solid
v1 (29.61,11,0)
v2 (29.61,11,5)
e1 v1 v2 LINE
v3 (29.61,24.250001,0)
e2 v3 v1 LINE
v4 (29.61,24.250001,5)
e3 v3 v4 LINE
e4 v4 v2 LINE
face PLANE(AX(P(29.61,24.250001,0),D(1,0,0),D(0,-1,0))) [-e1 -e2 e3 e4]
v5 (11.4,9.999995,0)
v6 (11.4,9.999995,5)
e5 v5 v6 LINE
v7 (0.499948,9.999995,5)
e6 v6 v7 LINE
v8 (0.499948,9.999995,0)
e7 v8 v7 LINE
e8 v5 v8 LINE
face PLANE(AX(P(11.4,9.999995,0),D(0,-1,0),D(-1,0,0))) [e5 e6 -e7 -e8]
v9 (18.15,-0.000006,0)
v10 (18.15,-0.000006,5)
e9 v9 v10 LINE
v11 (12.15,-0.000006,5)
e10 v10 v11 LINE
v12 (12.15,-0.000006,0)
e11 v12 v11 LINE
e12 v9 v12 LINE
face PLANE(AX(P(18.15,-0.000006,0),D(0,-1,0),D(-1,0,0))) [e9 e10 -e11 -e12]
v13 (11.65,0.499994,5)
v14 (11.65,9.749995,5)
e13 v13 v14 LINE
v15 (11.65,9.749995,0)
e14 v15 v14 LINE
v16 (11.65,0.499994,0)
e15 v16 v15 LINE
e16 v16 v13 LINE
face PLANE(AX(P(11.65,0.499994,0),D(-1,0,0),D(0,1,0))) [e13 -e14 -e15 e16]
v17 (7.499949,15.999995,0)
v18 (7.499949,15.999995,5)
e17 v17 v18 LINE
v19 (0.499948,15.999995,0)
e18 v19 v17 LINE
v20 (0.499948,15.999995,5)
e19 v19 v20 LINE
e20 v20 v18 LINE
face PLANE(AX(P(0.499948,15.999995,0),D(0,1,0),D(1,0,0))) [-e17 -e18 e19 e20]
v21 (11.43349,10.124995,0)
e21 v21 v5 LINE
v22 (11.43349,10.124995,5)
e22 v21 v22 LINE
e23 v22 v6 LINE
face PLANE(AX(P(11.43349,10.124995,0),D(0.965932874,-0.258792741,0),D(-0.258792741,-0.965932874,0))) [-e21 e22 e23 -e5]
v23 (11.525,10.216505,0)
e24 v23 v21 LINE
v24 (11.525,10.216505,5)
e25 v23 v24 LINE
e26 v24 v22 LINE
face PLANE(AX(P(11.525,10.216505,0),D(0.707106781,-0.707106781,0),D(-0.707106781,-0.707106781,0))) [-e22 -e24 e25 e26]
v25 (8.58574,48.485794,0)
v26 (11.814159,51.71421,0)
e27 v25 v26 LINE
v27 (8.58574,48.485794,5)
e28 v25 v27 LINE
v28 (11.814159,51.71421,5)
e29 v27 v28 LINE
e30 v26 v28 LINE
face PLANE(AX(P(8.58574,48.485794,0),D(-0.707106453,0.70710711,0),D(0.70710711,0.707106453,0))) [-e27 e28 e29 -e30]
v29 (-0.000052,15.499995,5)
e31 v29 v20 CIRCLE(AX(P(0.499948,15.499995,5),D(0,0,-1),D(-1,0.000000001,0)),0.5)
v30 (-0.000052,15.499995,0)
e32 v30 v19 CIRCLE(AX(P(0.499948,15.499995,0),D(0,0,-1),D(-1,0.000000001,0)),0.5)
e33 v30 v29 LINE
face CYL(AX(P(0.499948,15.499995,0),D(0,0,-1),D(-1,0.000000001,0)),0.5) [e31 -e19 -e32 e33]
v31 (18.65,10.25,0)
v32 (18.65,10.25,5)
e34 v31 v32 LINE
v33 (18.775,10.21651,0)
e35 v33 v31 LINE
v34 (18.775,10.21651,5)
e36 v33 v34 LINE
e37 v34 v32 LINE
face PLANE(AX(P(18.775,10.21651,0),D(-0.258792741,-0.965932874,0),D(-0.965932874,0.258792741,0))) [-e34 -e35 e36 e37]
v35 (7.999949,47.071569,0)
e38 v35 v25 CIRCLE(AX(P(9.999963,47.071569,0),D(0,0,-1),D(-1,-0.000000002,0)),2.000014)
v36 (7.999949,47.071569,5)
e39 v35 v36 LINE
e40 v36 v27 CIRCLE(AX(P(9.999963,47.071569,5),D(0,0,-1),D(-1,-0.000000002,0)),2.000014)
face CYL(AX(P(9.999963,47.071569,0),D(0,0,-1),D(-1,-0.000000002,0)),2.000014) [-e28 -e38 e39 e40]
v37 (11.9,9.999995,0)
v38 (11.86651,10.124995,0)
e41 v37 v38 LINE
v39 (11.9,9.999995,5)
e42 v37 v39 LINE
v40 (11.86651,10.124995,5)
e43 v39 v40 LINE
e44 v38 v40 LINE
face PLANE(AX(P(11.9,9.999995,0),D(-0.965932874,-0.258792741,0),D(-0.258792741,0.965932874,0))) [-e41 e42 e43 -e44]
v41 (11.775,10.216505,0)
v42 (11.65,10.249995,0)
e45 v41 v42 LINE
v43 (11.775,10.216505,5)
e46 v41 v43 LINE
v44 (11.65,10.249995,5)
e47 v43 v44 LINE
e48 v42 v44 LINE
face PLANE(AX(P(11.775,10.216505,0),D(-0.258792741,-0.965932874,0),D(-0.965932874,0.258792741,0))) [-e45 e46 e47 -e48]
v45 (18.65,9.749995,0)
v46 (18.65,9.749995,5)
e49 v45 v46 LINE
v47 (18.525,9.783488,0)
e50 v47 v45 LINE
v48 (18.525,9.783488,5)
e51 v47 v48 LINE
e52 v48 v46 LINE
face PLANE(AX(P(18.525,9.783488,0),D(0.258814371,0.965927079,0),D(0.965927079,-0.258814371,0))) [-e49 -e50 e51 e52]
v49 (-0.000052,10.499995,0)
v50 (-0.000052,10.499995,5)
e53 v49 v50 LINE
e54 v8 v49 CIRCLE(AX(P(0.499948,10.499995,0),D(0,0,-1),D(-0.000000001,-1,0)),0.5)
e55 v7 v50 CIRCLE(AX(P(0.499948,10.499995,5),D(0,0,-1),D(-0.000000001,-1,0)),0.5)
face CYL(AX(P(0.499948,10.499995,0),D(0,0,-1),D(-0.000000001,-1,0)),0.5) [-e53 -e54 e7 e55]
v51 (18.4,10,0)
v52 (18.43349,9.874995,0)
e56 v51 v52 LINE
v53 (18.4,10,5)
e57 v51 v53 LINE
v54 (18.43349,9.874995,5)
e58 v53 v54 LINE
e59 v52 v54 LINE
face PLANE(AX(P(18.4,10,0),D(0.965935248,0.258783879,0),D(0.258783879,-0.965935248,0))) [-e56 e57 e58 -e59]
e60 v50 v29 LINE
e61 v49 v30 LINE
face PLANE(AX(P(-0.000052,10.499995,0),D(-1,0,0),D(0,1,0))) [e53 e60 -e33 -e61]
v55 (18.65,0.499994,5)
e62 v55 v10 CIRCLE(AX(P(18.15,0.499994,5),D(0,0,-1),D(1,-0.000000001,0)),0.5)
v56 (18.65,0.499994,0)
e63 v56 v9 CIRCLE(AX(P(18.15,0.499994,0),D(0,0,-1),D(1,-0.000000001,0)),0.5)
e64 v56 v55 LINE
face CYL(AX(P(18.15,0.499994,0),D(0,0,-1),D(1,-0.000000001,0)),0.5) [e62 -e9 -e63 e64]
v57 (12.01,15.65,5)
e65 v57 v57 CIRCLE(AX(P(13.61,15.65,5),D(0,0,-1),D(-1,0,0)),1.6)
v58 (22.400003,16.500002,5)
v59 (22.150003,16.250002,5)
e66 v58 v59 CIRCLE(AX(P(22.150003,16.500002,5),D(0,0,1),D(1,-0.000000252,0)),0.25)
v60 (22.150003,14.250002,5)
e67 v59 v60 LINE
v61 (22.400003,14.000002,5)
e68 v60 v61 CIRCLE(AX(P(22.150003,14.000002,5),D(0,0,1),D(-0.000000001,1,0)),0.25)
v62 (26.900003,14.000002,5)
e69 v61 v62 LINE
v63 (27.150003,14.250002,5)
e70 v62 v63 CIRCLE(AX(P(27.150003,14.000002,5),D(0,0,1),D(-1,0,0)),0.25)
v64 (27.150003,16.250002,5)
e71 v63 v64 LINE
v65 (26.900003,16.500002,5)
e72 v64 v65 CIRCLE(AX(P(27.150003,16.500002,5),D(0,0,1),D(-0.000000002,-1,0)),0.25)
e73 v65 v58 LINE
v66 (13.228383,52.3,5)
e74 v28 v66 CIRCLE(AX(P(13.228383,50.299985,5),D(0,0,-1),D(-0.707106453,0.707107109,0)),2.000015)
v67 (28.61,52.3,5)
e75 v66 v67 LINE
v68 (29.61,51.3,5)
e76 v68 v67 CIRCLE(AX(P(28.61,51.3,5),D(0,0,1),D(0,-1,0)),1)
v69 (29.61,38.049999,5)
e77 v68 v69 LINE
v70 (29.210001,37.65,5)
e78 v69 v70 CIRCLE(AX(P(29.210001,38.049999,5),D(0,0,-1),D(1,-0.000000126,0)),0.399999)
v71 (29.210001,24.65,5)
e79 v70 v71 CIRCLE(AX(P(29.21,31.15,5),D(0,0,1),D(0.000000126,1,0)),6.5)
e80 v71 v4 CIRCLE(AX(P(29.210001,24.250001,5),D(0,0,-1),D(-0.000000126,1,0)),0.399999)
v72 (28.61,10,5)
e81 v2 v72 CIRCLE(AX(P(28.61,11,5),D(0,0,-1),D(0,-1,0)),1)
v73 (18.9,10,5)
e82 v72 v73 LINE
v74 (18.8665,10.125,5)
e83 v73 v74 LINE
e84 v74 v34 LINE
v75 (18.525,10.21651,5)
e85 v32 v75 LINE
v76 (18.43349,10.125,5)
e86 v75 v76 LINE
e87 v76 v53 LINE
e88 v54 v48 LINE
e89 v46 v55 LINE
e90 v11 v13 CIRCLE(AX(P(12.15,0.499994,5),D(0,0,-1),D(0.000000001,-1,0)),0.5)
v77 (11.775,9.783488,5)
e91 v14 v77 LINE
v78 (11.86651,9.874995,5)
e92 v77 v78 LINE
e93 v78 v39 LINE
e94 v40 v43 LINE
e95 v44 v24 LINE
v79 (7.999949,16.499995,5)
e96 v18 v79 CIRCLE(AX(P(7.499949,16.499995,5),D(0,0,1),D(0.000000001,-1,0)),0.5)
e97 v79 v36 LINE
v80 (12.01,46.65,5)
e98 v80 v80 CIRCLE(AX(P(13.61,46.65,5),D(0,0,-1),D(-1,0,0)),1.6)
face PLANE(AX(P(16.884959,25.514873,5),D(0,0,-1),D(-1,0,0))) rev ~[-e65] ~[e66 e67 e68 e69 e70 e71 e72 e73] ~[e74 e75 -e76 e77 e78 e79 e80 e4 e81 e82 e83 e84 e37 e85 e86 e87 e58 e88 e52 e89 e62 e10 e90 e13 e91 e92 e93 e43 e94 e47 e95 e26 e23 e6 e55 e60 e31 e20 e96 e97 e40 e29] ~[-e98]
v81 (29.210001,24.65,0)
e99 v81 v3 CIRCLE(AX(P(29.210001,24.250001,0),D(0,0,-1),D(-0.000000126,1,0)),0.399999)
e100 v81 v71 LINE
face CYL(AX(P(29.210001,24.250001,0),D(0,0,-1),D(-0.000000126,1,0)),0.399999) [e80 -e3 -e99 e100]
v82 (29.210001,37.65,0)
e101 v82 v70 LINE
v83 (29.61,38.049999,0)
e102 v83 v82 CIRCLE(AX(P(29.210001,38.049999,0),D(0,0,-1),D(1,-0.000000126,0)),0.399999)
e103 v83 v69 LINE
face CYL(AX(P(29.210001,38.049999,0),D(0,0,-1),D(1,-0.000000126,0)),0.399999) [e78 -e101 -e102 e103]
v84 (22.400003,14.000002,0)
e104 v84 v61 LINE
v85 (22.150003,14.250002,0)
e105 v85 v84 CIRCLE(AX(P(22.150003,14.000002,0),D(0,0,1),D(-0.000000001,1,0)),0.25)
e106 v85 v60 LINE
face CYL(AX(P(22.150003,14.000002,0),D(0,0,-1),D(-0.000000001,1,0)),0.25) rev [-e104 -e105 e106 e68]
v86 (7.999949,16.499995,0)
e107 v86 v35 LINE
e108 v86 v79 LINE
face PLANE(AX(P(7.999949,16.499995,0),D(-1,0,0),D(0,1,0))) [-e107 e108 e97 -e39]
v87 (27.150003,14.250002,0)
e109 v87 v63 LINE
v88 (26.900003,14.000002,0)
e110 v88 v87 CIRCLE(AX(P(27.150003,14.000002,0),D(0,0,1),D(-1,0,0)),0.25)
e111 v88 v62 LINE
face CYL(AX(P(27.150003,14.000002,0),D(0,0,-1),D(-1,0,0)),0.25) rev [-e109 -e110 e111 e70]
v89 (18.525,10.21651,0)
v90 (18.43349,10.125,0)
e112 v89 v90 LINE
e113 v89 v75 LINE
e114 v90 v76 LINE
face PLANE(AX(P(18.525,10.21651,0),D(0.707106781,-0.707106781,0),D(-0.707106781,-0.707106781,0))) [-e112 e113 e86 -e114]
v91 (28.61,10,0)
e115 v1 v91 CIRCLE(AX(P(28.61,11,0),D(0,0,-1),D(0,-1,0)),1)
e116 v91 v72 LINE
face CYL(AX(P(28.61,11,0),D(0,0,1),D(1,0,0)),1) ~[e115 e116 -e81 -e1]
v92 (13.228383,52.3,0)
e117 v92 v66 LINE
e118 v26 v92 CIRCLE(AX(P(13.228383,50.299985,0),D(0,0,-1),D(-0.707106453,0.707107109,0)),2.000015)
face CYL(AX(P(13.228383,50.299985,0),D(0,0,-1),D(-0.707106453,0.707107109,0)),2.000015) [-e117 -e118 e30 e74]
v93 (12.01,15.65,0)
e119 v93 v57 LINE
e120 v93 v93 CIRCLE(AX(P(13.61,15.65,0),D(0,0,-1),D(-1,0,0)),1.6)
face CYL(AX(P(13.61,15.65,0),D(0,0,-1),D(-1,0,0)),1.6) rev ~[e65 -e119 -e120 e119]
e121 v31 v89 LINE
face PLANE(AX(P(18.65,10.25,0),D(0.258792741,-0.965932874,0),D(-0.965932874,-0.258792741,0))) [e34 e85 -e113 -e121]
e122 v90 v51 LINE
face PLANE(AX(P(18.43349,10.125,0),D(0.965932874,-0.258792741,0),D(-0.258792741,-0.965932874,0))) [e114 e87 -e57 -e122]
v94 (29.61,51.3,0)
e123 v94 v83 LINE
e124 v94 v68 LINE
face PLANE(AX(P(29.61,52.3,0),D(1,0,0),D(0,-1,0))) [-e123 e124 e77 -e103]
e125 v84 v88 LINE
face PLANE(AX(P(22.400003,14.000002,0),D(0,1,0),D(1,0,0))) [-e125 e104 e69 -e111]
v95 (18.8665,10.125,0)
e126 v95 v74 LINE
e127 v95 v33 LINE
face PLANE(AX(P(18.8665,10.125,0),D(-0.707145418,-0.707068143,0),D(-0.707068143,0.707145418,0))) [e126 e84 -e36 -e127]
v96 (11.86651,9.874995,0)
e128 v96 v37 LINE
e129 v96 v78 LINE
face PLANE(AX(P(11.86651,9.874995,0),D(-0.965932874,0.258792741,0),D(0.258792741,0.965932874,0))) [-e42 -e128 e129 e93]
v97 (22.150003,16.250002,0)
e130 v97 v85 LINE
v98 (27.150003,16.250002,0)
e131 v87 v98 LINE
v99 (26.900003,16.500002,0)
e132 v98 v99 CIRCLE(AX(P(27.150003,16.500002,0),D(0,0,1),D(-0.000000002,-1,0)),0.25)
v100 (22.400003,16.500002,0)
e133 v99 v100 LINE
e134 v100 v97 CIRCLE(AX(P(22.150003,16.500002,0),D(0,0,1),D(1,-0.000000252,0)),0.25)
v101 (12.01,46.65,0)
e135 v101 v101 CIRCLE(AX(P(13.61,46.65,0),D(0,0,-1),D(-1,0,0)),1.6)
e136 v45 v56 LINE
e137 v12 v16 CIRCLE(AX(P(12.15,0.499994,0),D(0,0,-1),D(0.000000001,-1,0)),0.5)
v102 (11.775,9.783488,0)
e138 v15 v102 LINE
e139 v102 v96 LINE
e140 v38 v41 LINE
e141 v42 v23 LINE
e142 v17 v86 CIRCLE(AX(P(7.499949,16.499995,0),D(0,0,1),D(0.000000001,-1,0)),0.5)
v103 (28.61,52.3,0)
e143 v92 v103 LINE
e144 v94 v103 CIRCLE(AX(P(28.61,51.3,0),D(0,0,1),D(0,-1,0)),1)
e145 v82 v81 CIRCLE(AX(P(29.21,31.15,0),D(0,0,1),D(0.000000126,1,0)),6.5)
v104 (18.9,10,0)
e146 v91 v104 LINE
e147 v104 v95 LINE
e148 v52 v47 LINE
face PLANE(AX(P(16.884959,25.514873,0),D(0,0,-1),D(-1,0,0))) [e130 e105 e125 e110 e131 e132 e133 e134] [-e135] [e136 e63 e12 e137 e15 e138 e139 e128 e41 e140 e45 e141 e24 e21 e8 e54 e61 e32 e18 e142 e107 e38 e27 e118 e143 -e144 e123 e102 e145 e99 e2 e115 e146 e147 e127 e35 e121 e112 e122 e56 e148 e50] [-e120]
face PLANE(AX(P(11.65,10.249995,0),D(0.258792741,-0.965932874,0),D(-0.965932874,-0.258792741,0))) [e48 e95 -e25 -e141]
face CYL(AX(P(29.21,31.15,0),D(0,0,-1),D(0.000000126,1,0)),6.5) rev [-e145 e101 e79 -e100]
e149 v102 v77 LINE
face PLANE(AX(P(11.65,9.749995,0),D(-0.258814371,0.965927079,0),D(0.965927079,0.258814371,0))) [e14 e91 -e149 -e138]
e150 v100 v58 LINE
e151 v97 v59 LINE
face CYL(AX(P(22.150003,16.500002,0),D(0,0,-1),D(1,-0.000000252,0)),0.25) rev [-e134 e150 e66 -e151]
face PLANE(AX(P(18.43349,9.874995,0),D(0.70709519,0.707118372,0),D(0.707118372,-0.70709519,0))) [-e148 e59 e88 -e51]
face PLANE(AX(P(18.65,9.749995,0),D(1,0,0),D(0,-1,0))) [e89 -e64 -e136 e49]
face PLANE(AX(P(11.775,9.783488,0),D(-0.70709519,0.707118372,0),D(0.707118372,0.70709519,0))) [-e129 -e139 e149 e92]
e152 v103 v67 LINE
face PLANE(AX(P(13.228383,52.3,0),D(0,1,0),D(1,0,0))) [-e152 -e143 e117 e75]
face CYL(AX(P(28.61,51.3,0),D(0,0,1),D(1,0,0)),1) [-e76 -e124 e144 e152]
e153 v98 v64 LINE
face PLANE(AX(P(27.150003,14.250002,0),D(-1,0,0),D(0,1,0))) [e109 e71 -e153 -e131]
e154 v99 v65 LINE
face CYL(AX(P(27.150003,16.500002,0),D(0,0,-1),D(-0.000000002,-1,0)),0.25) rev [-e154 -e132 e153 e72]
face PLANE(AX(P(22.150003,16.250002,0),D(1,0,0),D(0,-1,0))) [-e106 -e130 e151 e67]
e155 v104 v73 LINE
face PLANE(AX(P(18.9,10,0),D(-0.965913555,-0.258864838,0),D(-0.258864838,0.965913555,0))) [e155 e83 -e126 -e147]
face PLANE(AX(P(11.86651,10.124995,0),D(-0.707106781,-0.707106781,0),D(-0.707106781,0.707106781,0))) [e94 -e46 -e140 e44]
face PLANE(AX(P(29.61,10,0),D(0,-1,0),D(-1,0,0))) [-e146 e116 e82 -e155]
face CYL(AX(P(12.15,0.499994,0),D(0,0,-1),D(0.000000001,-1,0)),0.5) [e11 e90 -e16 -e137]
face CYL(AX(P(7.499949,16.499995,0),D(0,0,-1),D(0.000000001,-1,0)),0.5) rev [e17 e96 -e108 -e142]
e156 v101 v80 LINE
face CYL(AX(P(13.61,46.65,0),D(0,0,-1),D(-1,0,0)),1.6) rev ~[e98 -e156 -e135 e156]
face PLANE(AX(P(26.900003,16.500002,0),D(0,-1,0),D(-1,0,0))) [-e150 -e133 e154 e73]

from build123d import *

# Parameters (mm, degrees)
ESQUISSE1_R        = 1.6
BOSS_EXTRU_1_DEPTH = 5
CONG_1_R           = 1


with BuildPart() as part:
    # Esquisse1 → Boss.-Extru.1 (new body)
    with BuildSketch(Plane(origin=(0, 0, 0), x_dir=(-1, 0, 0), z_dir=(0, 0, -1))):
        with BuildLine():
            Line((-29.61, 24.250000923), (-29.61, 10))
            Line((-29.61, 10), (-18.900000032, 10))
            Line((-18.900000032, 10), (-18.866500027, 10.125000016))
            Line((-18.866500027, 10.125000016), (-18.775000016, 10.216510027))
            Line((-18.775000016, 10.216510027), (-18.65, 10.250000032))
            Line((-18.65, 10.250000032), (-18.524999984, 10.216510027))
            Line((-18.524999984, 10.216510027), (-18.433489973, 10.125000016))
            Line((-18.433489973, 10.125000016), (-18.399999968, 10))
            Line((-18.399999968, 10), (-18.433489973, 9.874995396))
            Line((-18.433489973, 9.874995396), (-18.524999984, 9.783488385))
            Line((-18.524999984, 9.783488385), (-18.65, 9.74999538))
            Line((-18.65, 9.74999538), (-18.65, 0.499994211))
            ThreePointArc((-18.65, 0.499994211), (-18.503553372, 0.146440776), (-18.149999937, -5.852e-06))
            Line((-18.149999937, -5.852e-06), (-12.150000163, -5.852e-06))
            ThreePointArc((-12.150000163, -5.852e-06), (-11.796446657, 0.146440805), (-11.65, 0.499994311))
            Line((-11.65, 0.499994311), (-11.65, 9.74999538))
            Line((-11.65, 9.74999538), (-11.775000016, 9.783488385))
            Line((-11.775000016, 9.783488385), (-11.866510027, 9.874995396))
            Line((-11.866510027, 9.874995396), (-11.900000032, 9.999995412))
            Line((-11.900000032, 9.999995412), (-11.866510027, 10.124995428))
            Line((-11.866510027, 10.124995428), (-11.775000016, 10.216505439))
            Line((-11.775000016, 10.216505439), (-11.65, 10.249995444))
            Line((-11.65, 10.249995444), (-11.524999984, 10.216505439))
            Line((-11.524999984, 10.216505439), (-11.433489973, 10.124995428))
            Line((-11.433489973, 10.124995428), (-11.399999968, 9.999995412))
            Line((-11.399999968, 9.999995412), (-0.499947825, 9.999995412))
            ThreePointArc((-0.499947825, 9.999995412), (-0.14639439, 10.14644204), (5.2238e-05, 10.499995475))
            Line((5.2238e-05, 10.499995475), (5.2238e-05, 15.499995349))
            ThreePointArc((5.2238e-05, 15.499995349), (-0.14639439, 15.853548784), (-0.499947825, 15.999995412))
            Line((-0.499947825, 15.999995412), (-7.49994871, 15.999995412))
            ThreePointArc((-7.49994871, 15.999995412), (-7.853502145, 16.14644204), (-7.999948773, 16.499995475))
            Line((-7.999948773, 16.499995475), (-7.999948773, 47.071569339))
            ThreePointArc((-7.999948773, 47.071569339), (-8.152190984, 47.836942158), (-8.585740096, 48.485793767))
            Line((-8.585740096, 48.485793767), (-11.814159255, 51.714209926))
            ThreePointArc((-11.814159255, 51.714209926), (-12.46301048, 52.147758127), (-13.228382526, 52.3))
            Line((-13.228382526, 52.3), (-29.61, 52.3))
            Line((-29.61, 52.3), (-29.61, 38.049999077))
            ThreePointArc((-29.61, 38.049999077), (-29.492842932, 37.767156996), (-29.210000822, 37.65))
            ThreePointArc((-29.210000822, 37.65), (-22.71, 31.15), (-29.210000822, 24.65))
            ThreePointArc((-29.210000822, 24.65), (-29.492842932, 24.532843004), (-29.61, 24.250000923))
        make_face()
        with Locations((-13.61, 46.65)):
            Circle(ESQUISSE1_R, mode=Mode.SUBTRACT)
        with Locations((-13.61, 15.65)):
            Circle(ESQUISSE1_R, mode=Mode.SUBTRACT)
        with BuildLine():
            Line((-22.400002831, 14.000001769), (-26.900003431, 14.000001769))
            ThreePointArc((-26.900003431, 14.000001769), (-27.326780127, 13.823225074), (-27.150003431, 14.250001769))
            Line((-27.150003431, 14.250001769), (-27.150003431, 16.250002022))
            ThreePointArc((-27.150003431, 16.250002022), (-27.326780127, 16.676778718), (-26.900003431, 16.500002022))
            Line((-26.900003431, 16.500002022), (-22.400002831, 16.500002022))
            ThreePointArc((-22.400002831, 16.500002022), (-21.973226158, 16.676778803), (-22.150002831, 16.250002085))
            Line((-22.150002831, 16.250002085), (-22.150002831, 14.250001769))
            ThreePointArc((-22.150002831, 14.250001769), (-21.973226136, 13.823225074), (-22.400002831, 14.000001769))
        make_face(mode=Mode.SUBTRACT)
    extrude(amount=-BOSS_EXTRU_1_DEPTH)

    # Congé1
    cong_1_edges = [part.edges().sort_by_distance(p)[0] for p in [
        (29.61, 10, 2.5),
        (29.61, 52.3, 2.5),
    ]]
    fillet(cong_1_edges, radius=CONG_1_R)


solid = part.part
